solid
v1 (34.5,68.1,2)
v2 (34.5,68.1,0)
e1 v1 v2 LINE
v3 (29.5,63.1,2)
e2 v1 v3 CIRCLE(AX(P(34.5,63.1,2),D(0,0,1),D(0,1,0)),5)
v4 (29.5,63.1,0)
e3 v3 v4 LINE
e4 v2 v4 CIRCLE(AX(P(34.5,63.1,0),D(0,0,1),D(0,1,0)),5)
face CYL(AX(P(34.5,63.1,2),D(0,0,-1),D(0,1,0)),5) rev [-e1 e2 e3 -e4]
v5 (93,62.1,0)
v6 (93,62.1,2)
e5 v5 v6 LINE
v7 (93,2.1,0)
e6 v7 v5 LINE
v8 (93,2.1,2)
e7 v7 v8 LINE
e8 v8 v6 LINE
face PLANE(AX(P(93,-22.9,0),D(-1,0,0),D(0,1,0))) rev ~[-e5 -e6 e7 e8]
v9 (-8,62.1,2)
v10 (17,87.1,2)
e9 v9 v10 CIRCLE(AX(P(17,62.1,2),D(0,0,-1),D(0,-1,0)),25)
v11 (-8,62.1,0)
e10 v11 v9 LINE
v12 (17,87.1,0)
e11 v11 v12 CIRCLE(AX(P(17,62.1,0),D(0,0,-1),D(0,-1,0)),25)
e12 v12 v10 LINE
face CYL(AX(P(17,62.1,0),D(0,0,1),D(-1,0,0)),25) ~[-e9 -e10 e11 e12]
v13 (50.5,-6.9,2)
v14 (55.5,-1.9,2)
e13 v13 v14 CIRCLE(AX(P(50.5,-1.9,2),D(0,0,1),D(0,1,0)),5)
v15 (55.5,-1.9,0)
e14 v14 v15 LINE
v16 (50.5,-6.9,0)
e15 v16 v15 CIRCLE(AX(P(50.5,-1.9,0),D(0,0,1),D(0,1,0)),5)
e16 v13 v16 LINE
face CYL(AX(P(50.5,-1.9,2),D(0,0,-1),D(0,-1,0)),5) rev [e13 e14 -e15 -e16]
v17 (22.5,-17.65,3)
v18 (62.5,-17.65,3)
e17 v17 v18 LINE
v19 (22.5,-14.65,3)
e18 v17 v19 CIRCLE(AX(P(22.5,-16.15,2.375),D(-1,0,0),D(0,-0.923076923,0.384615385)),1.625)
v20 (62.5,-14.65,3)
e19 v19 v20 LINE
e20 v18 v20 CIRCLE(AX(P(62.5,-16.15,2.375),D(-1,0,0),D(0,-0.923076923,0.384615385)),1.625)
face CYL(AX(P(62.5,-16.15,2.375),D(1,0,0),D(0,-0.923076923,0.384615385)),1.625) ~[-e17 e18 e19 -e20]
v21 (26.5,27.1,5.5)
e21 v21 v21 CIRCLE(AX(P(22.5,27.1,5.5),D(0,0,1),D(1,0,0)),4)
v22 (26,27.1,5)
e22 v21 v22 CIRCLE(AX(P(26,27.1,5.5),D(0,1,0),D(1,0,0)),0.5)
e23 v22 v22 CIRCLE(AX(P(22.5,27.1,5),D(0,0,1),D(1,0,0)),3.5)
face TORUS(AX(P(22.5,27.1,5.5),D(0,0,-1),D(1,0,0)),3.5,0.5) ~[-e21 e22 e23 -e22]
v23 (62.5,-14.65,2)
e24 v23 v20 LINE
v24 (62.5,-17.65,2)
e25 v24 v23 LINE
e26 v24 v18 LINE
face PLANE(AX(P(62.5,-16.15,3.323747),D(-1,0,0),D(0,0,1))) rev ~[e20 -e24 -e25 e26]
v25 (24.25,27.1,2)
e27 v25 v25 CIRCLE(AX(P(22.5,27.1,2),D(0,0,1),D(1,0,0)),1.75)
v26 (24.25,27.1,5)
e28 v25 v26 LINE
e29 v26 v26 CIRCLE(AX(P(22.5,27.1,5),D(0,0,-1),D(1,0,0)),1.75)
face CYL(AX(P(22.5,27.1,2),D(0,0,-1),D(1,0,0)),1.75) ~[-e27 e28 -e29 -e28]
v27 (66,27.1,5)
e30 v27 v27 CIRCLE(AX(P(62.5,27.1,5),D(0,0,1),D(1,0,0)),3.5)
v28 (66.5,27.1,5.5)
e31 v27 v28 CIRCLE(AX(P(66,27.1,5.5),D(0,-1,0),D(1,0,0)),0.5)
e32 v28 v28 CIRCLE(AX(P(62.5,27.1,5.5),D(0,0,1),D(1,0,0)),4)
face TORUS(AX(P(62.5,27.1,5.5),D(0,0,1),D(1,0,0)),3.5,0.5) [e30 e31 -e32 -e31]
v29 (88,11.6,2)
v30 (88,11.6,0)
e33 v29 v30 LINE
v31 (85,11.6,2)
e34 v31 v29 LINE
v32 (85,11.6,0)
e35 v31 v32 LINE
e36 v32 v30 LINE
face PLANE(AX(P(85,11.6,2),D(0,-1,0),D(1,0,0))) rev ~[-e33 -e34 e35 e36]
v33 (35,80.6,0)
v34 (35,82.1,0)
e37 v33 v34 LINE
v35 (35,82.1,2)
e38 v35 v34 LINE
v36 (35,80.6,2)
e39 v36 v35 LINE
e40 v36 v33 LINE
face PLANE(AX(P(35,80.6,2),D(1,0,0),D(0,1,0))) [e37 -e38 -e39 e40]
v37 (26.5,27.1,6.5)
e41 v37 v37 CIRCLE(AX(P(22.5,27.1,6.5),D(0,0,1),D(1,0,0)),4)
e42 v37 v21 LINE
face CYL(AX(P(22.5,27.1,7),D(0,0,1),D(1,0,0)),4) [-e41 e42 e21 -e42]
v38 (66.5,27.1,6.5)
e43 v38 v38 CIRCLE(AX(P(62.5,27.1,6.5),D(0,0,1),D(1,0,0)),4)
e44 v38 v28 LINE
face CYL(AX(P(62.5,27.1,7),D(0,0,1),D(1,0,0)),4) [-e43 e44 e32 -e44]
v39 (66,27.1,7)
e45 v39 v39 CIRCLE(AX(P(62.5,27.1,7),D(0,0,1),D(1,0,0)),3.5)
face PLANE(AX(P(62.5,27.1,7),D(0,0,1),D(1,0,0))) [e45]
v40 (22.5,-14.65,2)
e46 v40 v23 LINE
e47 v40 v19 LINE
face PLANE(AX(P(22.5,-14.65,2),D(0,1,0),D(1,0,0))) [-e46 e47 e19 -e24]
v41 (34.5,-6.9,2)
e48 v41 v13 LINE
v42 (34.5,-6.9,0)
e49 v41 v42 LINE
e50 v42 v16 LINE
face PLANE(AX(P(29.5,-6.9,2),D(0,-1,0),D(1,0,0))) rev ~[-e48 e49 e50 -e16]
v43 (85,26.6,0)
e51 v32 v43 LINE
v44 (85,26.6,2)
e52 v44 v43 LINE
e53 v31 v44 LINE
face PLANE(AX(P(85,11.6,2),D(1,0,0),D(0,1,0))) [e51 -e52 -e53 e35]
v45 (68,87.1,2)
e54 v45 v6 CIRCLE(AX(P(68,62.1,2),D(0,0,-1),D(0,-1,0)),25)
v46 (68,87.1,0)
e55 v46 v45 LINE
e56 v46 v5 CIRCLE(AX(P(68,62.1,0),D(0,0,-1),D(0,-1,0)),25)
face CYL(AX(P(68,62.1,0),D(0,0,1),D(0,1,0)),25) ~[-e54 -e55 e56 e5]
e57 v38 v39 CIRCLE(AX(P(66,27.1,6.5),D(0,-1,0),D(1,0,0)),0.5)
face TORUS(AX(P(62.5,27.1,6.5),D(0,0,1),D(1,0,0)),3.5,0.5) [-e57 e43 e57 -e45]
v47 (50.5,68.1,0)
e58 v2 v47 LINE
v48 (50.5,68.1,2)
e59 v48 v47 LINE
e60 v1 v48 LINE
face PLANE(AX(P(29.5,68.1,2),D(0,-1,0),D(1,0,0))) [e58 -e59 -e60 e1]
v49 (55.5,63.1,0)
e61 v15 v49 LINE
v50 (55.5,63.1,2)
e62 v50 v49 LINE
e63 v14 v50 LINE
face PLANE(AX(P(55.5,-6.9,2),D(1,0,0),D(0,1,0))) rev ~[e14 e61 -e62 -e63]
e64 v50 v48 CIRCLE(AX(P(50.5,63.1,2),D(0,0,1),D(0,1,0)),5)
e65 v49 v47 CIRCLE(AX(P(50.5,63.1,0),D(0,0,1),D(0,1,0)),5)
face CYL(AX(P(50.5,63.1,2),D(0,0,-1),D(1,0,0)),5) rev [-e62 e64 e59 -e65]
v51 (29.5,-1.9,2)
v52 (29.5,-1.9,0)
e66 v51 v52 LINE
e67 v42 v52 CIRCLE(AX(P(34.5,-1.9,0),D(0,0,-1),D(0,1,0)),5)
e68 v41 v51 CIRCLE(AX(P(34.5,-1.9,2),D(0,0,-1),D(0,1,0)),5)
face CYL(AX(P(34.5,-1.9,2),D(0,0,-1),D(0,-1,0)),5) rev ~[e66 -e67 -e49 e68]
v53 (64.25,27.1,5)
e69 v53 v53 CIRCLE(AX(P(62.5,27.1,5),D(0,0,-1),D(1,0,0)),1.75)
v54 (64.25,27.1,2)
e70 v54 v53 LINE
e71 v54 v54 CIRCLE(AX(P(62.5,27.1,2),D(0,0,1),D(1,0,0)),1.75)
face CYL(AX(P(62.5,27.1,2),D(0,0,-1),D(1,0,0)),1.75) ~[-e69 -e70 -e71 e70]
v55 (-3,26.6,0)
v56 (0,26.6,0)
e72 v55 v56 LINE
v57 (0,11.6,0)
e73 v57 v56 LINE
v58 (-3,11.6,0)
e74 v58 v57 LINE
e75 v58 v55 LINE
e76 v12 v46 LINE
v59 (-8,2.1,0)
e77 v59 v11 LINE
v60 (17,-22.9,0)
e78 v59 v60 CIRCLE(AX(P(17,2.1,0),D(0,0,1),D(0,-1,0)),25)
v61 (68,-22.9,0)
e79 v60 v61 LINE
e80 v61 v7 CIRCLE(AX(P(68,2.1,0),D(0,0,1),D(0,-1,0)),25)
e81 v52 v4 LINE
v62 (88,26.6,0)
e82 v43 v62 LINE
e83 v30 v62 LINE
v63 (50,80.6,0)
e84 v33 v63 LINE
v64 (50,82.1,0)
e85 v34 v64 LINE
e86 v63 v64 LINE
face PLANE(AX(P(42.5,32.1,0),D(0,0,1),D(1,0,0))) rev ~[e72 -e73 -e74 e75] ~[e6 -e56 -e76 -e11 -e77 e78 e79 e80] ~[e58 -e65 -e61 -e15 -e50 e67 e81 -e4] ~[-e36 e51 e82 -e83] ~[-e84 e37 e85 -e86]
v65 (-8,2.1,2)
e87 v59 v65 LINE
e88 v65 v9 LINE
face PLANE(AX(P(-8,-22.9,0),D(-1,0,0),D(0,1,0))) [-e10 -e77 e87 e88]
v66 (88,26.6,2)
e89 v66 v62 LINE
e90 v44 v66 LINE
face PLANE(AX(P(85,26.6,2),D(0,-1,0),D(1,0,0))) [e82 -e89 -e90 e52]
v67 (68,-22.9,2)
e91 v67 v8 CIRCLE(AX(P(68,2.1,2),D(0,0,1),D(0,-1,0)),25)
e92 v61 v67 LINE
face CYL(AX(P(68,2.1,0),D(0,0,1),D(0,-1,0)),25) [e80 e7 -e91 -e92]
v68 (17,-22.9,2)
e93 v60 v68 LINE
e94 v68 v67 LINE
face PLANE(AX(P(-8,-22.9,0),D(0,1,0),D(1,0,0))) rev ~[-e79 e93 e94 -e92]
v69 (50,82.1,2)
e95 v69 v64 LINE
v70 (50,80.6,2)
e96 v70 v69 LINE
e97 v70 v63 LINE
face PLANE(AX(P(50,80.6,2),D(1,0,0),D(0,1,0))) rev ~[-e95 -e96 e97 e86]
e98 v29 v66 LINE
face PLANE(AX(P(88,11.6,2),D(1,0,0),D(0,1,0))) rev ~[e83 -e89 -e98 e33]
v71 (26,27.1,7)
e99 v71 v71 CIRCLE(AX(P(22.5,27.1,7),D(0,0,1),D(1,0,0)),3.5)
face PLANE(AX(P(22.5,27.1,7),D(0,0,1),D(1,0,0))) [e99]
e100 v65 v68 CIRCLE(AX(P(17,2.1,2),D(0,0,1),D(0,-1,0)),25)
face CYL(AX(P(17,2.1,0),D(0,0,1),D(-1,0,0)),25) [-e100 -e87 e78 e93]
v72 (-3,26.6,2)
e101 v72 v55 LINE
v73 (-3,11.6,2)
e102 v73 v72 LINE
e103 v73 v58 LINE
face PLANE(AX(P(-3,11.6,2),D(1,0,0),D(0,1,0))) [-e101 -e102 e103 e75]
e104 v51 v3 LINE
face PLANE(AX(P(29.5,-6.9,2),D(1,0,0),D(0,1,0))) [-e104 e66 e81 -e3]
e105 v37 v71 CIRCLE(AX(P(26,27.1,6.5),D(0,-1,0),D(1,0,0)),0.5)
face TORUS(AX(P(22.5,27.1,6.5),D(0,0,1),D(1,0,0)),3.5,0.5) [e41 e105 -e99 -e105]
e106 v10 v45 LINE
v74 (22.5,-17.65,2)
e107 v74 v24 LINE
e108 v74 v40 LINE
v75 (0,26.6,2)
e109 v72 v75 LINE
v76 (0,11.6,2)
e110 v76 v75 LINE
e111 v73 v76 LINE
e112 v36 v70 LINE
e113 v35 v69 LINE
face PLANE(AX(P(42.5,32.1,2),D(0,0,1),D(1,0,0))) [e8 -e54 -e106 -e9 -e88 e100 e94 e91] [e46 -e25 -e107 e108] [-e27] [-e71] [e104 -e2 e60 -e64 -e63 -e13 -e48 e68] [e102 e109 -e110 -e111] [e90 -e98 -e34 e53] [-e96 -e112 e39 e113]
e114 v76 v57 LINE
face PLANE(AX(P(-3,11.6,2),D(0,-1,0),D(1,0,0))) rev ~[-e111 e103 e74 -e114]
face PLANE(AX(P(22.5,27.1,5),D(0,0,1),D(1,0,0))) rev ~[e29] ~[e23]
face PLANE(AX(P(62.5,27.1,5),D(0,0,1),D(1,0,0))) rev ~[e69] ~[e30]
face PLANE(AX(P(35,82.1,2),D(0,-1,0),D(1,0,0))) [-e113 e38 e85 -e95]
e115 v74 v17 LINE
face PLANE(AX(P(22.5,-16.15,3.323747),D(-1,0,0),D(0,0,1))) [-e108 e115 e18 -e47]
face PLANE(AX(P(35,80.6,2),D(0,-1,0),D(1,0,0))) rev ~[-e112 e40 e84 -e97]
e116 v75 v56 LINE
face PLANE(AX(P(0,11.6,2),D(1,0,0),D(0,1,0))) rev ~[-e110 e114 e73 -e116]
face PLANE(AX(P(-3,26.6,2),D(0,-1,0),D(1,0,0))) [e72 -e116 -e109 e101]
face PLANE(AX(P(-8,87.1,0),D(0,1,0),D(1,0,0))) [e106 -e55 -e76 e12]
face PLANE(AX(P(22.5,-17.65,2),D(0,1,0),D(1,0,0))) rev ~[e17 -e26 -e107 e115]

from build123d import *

# Parameters (mm, degrees)
SKETCH1_W           = 101
SKETCH1_H           = 110
BOSS_EXTRUDE1_DEPTH = 2
SKETCH3_W           = 15
SKETCH3_H           = 1.5
SKETCH3_W_2         = 3
SKETCH3_H_2         = 15
CUT_EXTRUDE1_DEPTH  = 128.433943673
SKETCH4_R           = 1.75
BOSS_EXTRUDE2_DEPTH = 5
SKETCH5_R           = 4
BOSS_EXTRUDE3_DEPTH = 2
FILLET1_R           = 0.5
FILLET2_R           = 25
SKETCH6_W           = 40
SKETCH6_H           = 3
BOSS_EXTRUDE4_DEPTH = 1
BOSS_EXTRUDE5_DEPTH = 40
SKETCH9_W           = 26
SKETCH9_H           = 75
CUT_EXTRUDE2_DEPTH  = 128.516312682
FILLET3_R           = 5


with BuildPart() as part:
    # Sketch1 → Boss-Extrude1 (new body)
    with BuildSketch(Plane.XY):
        with Locations((42.5, 32.1)):
            Rectangle(SKETCH1_W, SKETCH1_H)
    extrude(amount=BOSS_EXTRUDE1_DEPTH)

    # Sketch3 → Cut-Extrude1 (cut, through all)
    with BuildSketch(Plane.XY.offset(2)):
        with Locations((42.5, 81.35)):
            Rectangle(SKETCH3_W, SKETCH3_H)
        with Locations((-1.5, 19.1)):
            Rectangle(SKETCH3_W_2, SKETCH3_H_2)
        with Locations((86.5, 19.1)):
            Rectangle(SKETCH3_W_2, SKETCH3_H_2)
    extrude(amount=-CUT_EXTRUDE1_DEPTH, mode=Mode.SUBTRACT)

    # Sketch4 → Boss-Extrude2 (add)
    with BuildSketch(Plane.XY.offset(2)):
        with Locations((22.5, 27.1)):
            Circle(SKETCH4_R)
        with Locations((62.5, 27.1)):
            Circle(SKETCH4_R)
    extrude(amount=BOSS_EXTRUDE2_DEPTH)

    # Sketch5 → Boss-Extrude3 (add)
    with BuildSketch(Plane.XY.offset(7)):
        with Locations((22.5, 27.1)):
            Circle(SKETCH5_R)
        with Locations((62.5, 27.1)):
            Circle(SKETCH5_R)
    extrude(amount=-BOSS_EXTRUDE3_DEPTH)

    # Fillet1
    fillet1_edges = [part.edges().sort_by_distance(p)[0] for p in [
        (18.5, 27.1, 5),
        (18.5, 27.1, 7),
        (58.5, 27.1, 5),
        (58.5, 27.1, 7),
    ]]
    fillet(fillet1_edges, radius=FILLET1_R)

    # Fillet2
    fillet2_edges = [part.edges().sort_by_distance(p)[0] for p in [
        (-8, 87.1, 1),
        (93, 87.1, 1),
        (93, -22.9, 1),
        (-8, -22.9, 1),
    ]]
    fillet(fillet2_edges, radius=FILLET2_R)

    # Sketch6 → Boss-Extrude4 (add)
    with BuildSketch(Plane.XY.offset(2)):
        with Locations((42.5, -16.15)):
            Rectangle(SKETCH6_W, SKETCH6_H)
    extrude(amount=BOSS_EXTRUDE4_DEPTH)

    # Sketch7 → Boss-Extrude5 (add)
    with BuildSketch(Plane(origin=(62.5, 0, 0), x_dir=(0, 0, -1), z_dir=(1, 0, 0))):
        with BuildLine():
            Line((-3, -14.65), (-3, -17.65))
            ThreePointArc((-3, -17.65), (-4, -16.15), (-3, -14.65))
        make_face()
    extrude(amount=-BOSS_EXTRUDE5_DEPTH)

    # Sketch9 → Cut-Extrude2 (cut, through all)
    with BuildSketch(Plane.XY.offset(2)):
        with Locations((42.5, 30.6)):
            Rectangle(SKETCH9_W, SKETCH9_H)
    extrude(amount=-CUT_EXTRUDE2_DEPTH, mode=Mode.SUBTRACT)

    # Fillet3
    fillet3_edges = [part.edges().sort_by_distance(p)[0] for p in [
        (29.5, -6.9, 1),
        (29.5, 68.1, 1),
        (55.5, 68.1, 1),
        (55.5, -6.9, 1),
    ]]
    fillet(fillet3_edges, radius=FILLET3_R)


solid = part.part
